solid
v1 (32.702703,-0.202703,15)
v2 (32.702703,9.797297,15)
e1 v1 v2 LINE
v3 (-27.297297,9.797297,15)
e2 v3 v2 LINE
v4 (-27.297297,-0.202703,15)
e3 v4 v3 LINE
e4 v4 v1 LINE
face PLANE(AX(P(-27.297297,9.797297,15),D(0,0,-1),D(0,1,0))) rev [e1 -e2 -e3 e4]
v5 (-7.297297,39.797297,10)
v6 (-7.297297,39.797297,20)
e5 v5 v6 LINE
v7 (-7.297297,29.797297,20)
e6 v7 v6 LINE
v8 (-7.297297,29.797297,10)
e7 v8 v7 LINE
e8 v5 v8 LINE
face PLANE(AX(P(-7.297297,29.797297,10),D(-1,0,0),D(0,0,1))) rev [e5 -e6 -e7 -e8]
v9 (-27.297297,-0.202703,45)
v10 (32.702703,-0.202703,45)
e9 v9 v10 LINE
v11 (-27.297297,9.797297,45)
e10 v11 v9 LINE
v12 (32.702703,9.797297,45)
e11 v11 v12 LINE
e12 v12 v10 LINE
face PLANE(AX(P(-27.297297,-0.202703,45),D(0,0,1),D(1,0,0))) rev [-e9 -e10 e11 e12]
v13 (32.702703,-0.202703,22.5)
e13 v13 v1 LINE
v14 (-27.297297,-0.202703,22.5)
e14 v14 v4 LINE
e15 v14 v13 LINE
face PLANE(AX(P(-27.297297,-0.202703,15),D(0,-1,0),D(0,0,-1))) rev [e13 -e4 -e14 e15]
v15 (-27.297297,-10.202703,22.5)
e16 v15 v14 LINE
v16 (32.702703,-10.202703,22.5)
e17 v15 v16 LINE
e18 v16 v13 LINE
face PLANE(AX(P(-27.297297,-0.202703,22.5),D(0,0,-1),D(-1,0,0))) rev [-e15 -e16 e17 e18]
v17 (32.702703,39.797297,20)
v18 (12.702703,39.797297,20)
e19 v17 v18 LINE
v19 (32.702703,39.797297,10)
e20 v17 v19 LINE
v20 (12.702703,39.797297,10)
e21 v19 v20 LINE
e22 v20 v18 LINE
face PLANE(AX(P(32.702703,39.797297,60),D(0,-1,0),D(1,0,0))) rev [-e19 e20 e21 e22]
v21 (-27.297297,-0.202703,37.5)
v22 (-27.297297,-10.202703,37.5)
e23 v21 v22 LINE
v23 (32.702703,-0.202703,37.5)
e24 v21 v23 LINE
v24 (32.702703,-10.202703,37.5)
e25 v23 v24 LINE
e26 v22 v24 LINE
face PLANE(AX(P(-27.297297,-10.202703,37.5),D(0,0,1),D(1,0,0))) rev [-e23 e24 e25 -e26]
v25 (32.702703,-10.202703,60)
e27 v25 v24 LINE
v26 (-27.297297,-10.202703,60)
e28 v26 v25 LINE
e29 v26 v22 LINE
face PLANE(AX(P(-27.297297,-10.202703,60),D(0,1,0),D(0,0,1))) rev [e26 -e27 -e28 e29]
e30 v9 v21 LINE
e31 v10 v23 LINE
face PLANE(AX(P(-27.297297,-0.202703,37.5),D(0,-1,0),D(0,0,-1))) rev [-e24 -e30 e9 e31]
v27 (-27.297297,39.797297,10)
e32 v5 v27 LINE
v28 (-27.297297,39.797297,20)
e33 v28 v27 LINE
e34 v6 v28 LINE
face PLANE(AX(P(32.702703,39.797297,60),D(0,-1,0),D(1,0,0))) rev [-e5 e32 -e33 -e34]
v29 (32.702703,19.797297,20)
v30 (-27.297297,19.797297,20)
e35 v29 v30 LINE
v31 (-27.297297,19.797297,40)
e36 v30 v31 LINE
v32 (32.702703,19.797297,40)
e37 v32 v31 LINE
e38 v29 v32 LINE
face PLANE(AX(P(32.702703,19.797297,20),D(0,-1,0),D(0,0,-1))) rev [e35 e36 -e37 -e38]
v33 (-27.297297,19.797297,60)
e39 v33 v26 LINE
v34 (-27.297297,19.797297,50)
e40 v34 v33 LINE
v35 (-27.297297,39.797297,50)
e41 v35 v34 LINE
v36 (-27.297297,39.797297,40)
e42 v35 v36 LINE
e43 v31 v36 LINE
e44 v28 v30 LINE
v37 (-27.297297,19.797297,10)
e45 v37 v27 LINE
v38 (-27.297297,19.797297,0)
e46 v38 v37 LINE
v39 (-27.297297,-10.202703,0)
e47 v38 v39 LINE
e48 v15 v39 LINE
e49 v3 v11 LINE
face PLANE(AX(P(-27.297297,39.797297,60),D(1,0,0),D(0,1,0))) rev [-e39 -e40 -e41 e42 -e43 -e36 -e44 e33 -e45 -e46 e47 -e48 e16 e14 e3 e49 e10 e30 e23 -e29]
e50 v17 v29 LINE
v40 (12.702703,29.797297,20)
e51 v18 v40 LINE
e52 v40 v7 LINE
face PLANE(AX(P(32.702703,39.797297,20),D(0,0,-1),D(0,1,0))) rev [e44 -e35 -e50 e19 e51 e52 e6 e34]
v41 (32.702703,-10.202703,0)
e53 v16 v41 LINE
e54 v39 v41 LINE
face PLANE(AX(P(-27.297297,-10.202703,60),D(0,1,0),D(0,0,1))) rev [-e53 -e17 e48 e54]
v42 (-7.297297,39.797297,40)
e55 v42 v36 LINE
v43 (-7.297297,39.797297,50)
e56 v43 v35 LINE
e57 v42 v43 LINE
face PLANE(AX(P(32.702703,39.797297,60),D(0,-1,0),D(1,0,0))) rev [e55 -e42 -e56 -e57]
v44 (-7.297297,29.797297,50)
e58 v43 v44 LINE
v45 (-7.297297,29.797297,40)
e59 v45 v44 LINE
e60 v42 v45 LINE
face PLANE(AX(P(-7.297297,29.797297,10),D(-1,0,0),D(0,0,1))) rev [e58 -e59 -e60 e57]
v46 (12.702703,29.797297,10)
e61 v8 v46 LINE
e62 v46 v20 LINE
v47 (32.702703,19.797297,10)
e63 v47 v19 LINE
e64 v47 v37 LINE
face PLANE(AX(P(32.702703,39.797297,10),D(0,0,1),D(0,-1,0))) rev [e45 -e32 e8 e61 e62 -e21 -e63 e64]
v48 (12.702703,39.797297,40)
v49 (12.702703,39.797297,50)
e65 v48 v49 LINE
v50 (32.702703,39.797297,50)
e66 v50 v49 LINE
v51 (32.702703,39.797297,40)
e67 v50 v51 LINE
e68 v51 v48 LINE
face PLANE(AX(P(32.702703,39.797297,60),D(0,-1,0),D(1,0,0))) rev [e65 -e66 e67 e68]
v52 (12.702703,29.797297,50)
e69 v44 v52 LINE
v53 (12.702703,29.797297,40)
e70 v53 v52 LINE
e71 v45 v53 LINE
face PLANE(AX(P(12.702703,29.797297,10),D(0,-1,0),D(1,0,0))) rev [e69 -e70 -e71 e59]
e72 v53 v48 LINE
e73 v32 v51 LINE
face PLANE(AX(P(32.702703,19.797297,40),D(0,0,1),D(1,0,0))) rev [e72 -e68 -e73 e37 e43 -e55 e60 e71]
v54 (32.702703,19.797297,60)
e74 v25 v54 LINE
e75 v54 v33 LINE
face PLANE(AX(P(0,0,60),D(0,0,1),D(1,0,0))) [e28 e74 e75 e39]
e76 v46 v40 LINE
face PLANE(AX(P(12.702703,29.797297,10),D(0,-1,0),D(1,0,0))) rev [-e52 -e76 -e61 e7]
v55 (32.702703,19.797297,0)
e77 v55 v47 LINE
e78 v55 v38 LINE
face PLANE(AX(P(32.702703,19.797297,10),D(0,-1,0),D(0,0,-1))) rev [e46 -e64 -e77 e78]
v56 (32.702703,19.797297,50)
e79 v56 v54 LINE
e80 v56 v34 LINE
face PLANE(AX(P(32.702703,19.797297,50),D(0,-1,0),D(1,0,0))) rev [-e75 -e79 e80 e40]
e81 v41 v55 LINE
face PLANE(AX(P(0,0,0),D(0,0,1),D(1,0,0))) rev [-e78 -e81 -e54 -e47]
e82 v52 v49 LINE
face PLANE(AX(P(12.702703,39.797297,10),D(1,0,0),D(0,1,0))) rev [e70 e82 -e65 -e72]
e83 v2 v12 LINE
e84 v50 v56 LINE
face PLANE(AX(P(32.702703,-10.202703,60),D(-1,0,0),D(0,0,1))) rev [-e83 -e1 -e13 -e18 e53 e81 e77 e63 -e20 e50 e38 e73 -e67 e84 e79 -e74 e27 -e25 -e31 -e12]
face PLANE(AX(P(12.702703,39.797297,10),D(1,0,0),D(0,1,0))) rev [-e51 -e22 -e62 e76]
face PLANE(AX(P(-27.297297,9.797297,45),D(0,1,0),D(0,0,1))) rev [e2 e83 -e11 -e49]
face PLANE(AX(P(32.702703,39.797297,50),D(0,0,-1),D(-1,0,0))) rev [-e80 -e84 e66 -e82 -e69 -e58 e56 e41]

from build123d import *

# Parameters (mm, degrees)
SKETCH2_W           = 60
SKETCH2_H           = 50
BOSS_EXTRUDE2_DEPTH = 60
SKETCH4_W           = 10
SKETCH4_H           = 20
CUT_EXTRUDE2_DEPTH  = 60
CUT_EXTRUDE4_DEPTH  = 60
SKETCH8_W           = 20
SKETCH8_H           = 20
CUT_EXTRUDE5_DEPTH  = 60
SKETCH9_W           = 20
SKETCH9_H           = 10
CUT_EXTRUDE6_DEPTH  = 40


with BuildPart() as part:
    # Sketch2 → Boss-Extrude2 (new body)
    with BuildSketch(Plane.XY):
        with Locations((2.702702703, 14.797297297)):
            Rectangle(SKETCH2_W, SKETCH2_H)
    extrude(amount=BOSS_EXTRUDE2_DEPTH)

    # Sketch4 → Cut-Extrude2 (cut)
    with BuildSketch(Plane.ZY.offset(27.297297297)):
        with Locations((5, 29.797297297)):
            Rectangle(SKETCH4_W, SKETCH4_H)
        with Locations((55, 29.797297297)):
            Rectangle(SKETCH4_W, SKETCH4_H)
    extrude(amount=-CUT_EXTRUDE2_DEPTH, mode=Mode.SUBTRACT)

    # Sketch7 → Cut-Extrude4 (cut)
    with BuildSketch(Plane(origin=(32.702702703, 0, 0), x_dir=(0, 0, -1), z_dir=(1, 0, 0))):
        Polygon((-37.5, -10.202702703), (-37.5, -0.202702703), (-45, -0.202702703), (-45, 9.797297297), (-15, 9.797297297), (-15, -0.202702703), (-22.5, -0.202702703), (-22.5, -10.202702703), align=None)
    extrude(amount=-CUT_EXTRUDE4_DEPTH, mode=Mode.SUBTRACT)

    # Sketch8 → Cut-Extrude5 (cut)
    with BuildSketch(Plane.ZY.offset(27.297297297)):
        with Locations((30, 29.797297297)):
            Rectangle(SKETCH8_W, SKETCH8_H)
    extrude(amount=-CUT_EXTRUDE5_DEPTH, mode=Mode.SUBTRACT)

    # Sketch9 → Cut-Extrude6 (cut)
    with BuildSketch(Plane.XY.offset(50)):
        with Locations((2.702702703, 34.797297297)):
            Rectangle(SKETCH9_W, SKETCH9_H)
    extrude(amount=-CUT_EXTRUDE6_DEPTH, mode=Mode.SUBTRACT)


solid = part.part
